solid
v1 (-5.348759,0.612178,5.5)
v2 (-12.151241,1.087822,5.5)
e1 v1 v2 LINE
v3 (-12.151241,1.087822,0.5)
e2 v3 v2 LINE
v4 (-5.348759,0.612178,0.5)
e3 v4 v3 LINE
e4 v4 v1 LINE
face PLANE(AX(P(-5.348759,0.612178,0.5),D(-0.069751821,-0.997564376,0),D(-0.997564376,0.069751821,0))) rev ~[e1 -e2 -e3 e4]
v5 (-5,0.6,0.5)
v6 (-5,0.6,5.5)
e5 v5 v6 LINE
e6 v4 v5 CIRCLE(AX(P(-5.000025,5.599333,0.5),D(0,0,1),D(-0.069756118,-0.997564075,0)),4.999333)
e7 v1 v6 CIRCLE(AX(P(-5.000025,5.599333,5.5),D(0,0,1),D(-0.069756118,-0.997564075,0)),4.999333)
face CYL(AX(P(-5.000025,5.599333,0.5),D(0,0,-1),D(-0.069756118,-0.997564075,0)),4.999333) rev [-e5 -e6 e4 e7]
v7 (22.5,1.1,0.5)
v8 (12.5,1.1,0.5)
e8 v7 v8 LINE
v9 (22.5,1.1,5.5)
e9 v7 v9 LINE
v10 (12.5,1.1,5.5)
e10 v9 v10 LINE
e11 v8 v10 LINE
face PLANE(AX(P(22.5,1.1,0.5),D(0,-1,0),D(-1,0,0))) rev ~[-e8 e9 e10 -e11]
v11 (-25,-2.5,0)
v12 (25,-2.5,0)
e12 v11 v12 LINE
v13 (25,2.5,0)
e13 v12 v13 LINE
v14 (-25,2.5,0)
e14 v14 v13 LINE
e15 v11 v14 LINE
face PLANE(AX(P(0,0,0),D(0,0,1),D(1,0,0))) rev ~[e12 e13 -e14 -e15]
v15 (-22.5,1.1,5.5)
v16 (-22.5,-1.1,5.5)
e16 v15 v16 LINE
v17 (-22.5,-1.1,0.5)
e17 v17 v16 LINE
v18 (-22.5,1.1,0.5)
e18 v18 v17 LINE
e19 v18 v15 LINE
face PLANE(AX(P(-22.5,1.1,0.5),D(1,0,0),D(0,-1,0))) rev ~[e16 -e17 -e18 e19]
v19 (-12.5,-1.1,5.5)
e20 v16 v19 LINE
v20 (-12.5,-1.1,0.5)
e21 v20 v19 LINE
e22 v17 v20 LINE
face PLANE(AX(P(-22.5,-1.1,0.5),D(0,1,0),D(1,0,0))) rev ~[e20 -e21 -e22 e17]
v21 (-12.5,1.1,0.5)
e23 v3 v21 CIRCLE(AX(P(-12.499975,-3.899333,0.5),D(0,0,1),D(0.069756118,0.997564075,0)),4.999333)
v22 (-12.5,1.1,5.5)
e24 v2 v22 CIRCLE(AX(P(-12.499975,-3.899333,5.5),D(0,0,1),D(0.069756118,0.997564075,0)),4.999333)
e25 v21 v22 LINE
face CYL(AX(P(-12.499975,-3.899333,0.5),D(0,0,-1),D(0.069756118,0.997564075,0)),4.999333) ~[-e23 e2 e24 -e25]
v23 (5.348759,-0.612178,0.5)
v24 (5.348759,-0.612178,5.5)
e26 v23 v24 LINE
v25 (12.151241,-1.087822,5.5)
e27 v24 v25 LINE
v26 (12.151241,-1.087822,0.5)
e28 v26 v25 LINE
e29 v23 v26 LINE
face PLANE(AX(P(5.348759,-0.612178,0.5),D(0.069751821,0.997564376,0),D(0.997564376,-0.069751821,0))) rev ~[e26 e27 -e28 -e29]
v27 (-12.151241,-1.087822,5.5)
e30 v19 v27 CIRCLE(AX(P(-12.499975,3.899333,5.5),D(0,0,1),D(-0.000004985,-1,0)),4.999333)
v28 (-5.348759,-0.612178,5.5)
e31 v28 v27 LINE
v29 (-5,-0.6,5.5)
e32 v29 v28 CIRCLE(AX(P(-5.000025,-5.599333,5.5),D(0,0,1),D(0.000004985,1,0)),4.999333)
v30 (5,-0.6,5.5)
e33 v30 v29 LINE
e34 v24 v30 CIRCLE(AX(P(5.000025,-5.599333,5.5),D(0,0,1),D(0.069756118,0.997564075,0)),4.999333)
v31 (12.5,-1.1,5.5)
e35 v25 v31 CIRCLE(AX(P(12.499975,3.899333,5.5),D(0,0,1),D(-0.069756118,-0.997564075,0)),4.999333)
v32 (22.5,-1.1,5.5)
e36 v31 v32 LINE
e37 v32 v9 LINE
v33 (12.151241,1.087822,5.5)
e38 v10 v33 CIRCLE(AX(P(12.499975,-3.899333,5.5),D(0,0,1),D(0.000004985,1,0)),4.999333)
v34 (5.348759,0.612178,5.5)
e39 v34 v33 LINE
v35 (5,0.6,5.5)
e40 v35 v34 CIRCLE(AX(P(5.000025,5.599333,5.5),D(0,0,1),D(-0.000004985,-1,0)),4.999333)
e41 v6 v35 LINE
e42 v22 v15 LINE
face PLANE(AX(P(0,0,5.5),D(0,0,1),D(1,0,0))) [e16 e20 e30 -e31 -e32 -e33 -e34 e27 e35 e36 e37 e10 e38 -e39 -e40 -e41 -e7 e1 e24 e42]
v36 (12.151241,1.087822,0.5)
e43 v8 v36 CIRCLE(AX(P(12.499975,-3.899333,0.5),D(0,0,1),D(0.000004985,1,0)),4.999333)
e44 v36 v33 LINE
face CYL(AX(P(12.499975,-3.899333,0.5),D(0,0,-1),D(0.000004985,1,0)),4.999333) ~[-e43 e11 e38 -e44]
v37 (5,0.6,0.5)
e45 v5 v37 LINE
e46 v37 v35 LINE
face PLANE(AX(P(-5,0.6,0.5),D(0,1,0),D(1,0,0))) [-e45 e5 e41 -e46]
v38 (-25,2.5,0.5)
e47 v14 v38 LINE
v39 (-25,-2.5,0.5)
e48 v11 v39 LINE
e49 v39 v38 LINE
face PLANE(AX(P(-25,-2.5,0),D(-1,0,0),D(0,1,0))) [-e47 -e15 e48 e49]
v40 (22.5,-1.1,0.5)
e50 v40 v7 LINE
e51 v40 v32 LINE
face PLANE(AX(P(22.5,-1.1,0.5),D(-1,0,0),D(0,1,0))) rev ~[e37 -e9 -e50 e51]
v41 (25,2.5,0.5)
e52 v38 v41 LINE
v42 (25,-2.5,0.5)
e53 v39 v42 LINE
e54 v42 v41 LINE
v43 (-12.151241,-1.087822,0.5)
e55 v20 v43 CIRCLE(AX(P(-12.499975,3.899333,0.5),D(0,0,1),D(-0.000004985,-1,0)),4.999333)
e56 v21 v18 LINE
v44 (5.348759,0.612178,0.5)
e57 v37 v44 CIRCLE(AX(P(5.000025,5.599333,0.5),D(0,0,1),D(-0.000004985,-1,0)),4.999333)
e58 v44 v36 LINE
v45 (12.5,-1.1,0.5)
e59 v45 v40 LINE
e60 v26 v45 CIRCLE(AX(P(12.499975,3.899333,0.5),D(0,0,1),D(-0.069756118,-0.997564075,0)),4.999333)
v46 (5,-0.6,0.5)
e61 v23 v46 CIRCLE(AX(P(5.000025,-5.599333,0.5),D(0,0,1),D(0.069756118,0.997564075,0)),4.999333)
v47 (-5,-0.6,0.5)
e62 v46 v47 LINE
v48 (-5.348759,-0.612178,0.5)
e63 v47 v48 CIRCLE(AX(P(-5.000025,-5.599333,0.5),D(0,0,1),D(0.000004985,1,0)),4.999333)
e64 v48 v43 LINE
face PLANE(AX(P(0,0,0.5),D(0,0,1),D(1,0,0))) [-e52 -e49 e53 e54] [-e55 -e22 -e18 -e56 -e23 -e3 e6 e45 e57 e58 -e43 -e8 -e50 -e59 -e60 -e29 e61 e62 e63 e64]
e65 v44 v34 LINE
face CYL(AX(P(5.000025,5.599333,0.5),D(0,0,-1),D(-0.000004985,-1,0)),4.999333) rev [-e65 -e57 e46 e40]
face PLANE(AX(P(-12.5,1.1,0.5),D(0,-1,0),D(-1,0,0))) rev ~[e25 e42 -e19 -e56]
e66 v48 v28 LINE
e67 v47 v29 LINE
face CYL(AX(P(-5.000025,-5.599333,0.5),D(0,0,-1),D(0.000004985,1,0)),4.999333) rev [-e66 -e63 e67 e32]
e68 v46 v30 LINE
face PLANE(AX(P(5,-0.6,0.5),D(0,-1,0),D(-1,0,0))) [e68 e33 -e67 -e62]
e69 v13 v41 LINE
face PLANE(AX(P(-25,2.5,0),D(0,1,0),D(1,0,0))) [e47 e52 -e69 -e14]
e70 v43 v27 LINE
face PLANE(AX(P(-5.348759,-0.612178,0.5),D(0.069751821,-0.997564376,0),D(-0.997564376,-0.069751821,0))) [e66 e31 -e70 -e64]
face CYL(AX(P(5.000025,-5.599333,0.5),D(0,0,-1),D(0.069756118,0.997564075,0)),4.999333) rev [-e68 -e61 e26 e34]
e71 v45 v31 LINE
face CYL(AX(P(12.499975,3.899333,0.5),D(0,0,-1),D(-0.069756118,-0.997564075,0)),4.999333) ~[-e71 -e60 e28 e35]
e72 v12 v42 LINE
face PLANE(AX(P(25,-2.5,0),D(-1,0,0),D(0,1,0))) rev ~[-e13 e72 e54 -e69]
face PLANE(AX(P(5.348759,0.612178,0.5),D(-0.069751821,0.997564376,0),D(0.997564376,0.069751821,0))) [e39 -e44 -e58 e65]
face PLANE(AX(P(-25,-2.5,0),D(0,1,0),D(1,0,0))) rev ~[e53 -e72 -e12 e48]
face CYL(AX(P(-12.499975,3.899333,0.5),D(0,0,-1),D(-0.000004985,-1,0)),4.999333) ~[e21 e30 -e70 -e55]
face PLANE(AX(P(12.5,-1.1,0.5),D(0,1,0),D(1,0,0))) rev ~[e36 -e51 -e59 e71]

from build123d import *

# Parameters (mm, degrees)
SKETCH_W     = 50
SKETCH_H     = 5
PAD_DEPTH    = 0.5
PAD001_DEPTH = 5


with BuildPart() as part:
    # Sketch → Pad (new body)
    with BuildSketch(Plane.XY):
        Rectangle(SKETCH_W, SKETCH_H)
    extrude(amount=PAD_DEPTH)

    # Sketch001 (on Face6 of Pad) → Pad001 (join)
    with BuildSketch(Plane.XY.offset(0.5)):
        with BuildLine():
            Line((-12.5, 1.1), (-22.5, 1.1))
            Line((-22.5, 1.1), (-22.5, -1.1))
            Line((-22.5, -1.1), (-12.5, -1.1))
            ThreePointArc((-12.5, -1.1), (-12.325514, -1.096955), (-12.151241, -1.087822))
            Line((-5.348759, -0.612178), (-12.151241, -1.087822))
            ThreePointArc((-5, -0.6), (-5.174486, -0.603045), (-5.348759, -0.612178))
            Line((5, -0.6), (-5, -0.6))
            ThreePointArc((5.348759, -0.612178), (5.174486, -0.603045), (5, -0.6))
            Line((5.348759, -0.612178), (12.151241, -1.087822))
            ThreePointArc((12.151241, -1.087822), (12.325514, -1.096955), (12.5, -1.1))
            Line((12.5, -1.1), (22.5, -1.1))
            Line((22.5, -1.1), (22.5, 1.1))
            Line((22.5, 1.1), (12.5, 1.1))
            ThreePointArc((12.5, 1.1), (12.325514, 1.096955), (12.151241, 1.087822))
            Line((5.348759, 0.612178), (12.151241, 1.087822))
            ThreePointArc((5, 0.6), (5.174486, 0.603045), (5.348759, 0.612178))
            Line((-5, 0.6), (5, 0.6))
            ThreePointArc((-5.348759, 0.612178), (-5.174486, 0.603045), (-5, 0.6))
            Line((-5.348759, 0.612178), (-12.151241, 1.087822))
            ThreePointArc((-12.151241, 1.087822), (-12.325514, 1.096955), (-12.5, 1.1))
        make_face()
    extrude(amount=PAD001_DEPTH)


solid = part.part
